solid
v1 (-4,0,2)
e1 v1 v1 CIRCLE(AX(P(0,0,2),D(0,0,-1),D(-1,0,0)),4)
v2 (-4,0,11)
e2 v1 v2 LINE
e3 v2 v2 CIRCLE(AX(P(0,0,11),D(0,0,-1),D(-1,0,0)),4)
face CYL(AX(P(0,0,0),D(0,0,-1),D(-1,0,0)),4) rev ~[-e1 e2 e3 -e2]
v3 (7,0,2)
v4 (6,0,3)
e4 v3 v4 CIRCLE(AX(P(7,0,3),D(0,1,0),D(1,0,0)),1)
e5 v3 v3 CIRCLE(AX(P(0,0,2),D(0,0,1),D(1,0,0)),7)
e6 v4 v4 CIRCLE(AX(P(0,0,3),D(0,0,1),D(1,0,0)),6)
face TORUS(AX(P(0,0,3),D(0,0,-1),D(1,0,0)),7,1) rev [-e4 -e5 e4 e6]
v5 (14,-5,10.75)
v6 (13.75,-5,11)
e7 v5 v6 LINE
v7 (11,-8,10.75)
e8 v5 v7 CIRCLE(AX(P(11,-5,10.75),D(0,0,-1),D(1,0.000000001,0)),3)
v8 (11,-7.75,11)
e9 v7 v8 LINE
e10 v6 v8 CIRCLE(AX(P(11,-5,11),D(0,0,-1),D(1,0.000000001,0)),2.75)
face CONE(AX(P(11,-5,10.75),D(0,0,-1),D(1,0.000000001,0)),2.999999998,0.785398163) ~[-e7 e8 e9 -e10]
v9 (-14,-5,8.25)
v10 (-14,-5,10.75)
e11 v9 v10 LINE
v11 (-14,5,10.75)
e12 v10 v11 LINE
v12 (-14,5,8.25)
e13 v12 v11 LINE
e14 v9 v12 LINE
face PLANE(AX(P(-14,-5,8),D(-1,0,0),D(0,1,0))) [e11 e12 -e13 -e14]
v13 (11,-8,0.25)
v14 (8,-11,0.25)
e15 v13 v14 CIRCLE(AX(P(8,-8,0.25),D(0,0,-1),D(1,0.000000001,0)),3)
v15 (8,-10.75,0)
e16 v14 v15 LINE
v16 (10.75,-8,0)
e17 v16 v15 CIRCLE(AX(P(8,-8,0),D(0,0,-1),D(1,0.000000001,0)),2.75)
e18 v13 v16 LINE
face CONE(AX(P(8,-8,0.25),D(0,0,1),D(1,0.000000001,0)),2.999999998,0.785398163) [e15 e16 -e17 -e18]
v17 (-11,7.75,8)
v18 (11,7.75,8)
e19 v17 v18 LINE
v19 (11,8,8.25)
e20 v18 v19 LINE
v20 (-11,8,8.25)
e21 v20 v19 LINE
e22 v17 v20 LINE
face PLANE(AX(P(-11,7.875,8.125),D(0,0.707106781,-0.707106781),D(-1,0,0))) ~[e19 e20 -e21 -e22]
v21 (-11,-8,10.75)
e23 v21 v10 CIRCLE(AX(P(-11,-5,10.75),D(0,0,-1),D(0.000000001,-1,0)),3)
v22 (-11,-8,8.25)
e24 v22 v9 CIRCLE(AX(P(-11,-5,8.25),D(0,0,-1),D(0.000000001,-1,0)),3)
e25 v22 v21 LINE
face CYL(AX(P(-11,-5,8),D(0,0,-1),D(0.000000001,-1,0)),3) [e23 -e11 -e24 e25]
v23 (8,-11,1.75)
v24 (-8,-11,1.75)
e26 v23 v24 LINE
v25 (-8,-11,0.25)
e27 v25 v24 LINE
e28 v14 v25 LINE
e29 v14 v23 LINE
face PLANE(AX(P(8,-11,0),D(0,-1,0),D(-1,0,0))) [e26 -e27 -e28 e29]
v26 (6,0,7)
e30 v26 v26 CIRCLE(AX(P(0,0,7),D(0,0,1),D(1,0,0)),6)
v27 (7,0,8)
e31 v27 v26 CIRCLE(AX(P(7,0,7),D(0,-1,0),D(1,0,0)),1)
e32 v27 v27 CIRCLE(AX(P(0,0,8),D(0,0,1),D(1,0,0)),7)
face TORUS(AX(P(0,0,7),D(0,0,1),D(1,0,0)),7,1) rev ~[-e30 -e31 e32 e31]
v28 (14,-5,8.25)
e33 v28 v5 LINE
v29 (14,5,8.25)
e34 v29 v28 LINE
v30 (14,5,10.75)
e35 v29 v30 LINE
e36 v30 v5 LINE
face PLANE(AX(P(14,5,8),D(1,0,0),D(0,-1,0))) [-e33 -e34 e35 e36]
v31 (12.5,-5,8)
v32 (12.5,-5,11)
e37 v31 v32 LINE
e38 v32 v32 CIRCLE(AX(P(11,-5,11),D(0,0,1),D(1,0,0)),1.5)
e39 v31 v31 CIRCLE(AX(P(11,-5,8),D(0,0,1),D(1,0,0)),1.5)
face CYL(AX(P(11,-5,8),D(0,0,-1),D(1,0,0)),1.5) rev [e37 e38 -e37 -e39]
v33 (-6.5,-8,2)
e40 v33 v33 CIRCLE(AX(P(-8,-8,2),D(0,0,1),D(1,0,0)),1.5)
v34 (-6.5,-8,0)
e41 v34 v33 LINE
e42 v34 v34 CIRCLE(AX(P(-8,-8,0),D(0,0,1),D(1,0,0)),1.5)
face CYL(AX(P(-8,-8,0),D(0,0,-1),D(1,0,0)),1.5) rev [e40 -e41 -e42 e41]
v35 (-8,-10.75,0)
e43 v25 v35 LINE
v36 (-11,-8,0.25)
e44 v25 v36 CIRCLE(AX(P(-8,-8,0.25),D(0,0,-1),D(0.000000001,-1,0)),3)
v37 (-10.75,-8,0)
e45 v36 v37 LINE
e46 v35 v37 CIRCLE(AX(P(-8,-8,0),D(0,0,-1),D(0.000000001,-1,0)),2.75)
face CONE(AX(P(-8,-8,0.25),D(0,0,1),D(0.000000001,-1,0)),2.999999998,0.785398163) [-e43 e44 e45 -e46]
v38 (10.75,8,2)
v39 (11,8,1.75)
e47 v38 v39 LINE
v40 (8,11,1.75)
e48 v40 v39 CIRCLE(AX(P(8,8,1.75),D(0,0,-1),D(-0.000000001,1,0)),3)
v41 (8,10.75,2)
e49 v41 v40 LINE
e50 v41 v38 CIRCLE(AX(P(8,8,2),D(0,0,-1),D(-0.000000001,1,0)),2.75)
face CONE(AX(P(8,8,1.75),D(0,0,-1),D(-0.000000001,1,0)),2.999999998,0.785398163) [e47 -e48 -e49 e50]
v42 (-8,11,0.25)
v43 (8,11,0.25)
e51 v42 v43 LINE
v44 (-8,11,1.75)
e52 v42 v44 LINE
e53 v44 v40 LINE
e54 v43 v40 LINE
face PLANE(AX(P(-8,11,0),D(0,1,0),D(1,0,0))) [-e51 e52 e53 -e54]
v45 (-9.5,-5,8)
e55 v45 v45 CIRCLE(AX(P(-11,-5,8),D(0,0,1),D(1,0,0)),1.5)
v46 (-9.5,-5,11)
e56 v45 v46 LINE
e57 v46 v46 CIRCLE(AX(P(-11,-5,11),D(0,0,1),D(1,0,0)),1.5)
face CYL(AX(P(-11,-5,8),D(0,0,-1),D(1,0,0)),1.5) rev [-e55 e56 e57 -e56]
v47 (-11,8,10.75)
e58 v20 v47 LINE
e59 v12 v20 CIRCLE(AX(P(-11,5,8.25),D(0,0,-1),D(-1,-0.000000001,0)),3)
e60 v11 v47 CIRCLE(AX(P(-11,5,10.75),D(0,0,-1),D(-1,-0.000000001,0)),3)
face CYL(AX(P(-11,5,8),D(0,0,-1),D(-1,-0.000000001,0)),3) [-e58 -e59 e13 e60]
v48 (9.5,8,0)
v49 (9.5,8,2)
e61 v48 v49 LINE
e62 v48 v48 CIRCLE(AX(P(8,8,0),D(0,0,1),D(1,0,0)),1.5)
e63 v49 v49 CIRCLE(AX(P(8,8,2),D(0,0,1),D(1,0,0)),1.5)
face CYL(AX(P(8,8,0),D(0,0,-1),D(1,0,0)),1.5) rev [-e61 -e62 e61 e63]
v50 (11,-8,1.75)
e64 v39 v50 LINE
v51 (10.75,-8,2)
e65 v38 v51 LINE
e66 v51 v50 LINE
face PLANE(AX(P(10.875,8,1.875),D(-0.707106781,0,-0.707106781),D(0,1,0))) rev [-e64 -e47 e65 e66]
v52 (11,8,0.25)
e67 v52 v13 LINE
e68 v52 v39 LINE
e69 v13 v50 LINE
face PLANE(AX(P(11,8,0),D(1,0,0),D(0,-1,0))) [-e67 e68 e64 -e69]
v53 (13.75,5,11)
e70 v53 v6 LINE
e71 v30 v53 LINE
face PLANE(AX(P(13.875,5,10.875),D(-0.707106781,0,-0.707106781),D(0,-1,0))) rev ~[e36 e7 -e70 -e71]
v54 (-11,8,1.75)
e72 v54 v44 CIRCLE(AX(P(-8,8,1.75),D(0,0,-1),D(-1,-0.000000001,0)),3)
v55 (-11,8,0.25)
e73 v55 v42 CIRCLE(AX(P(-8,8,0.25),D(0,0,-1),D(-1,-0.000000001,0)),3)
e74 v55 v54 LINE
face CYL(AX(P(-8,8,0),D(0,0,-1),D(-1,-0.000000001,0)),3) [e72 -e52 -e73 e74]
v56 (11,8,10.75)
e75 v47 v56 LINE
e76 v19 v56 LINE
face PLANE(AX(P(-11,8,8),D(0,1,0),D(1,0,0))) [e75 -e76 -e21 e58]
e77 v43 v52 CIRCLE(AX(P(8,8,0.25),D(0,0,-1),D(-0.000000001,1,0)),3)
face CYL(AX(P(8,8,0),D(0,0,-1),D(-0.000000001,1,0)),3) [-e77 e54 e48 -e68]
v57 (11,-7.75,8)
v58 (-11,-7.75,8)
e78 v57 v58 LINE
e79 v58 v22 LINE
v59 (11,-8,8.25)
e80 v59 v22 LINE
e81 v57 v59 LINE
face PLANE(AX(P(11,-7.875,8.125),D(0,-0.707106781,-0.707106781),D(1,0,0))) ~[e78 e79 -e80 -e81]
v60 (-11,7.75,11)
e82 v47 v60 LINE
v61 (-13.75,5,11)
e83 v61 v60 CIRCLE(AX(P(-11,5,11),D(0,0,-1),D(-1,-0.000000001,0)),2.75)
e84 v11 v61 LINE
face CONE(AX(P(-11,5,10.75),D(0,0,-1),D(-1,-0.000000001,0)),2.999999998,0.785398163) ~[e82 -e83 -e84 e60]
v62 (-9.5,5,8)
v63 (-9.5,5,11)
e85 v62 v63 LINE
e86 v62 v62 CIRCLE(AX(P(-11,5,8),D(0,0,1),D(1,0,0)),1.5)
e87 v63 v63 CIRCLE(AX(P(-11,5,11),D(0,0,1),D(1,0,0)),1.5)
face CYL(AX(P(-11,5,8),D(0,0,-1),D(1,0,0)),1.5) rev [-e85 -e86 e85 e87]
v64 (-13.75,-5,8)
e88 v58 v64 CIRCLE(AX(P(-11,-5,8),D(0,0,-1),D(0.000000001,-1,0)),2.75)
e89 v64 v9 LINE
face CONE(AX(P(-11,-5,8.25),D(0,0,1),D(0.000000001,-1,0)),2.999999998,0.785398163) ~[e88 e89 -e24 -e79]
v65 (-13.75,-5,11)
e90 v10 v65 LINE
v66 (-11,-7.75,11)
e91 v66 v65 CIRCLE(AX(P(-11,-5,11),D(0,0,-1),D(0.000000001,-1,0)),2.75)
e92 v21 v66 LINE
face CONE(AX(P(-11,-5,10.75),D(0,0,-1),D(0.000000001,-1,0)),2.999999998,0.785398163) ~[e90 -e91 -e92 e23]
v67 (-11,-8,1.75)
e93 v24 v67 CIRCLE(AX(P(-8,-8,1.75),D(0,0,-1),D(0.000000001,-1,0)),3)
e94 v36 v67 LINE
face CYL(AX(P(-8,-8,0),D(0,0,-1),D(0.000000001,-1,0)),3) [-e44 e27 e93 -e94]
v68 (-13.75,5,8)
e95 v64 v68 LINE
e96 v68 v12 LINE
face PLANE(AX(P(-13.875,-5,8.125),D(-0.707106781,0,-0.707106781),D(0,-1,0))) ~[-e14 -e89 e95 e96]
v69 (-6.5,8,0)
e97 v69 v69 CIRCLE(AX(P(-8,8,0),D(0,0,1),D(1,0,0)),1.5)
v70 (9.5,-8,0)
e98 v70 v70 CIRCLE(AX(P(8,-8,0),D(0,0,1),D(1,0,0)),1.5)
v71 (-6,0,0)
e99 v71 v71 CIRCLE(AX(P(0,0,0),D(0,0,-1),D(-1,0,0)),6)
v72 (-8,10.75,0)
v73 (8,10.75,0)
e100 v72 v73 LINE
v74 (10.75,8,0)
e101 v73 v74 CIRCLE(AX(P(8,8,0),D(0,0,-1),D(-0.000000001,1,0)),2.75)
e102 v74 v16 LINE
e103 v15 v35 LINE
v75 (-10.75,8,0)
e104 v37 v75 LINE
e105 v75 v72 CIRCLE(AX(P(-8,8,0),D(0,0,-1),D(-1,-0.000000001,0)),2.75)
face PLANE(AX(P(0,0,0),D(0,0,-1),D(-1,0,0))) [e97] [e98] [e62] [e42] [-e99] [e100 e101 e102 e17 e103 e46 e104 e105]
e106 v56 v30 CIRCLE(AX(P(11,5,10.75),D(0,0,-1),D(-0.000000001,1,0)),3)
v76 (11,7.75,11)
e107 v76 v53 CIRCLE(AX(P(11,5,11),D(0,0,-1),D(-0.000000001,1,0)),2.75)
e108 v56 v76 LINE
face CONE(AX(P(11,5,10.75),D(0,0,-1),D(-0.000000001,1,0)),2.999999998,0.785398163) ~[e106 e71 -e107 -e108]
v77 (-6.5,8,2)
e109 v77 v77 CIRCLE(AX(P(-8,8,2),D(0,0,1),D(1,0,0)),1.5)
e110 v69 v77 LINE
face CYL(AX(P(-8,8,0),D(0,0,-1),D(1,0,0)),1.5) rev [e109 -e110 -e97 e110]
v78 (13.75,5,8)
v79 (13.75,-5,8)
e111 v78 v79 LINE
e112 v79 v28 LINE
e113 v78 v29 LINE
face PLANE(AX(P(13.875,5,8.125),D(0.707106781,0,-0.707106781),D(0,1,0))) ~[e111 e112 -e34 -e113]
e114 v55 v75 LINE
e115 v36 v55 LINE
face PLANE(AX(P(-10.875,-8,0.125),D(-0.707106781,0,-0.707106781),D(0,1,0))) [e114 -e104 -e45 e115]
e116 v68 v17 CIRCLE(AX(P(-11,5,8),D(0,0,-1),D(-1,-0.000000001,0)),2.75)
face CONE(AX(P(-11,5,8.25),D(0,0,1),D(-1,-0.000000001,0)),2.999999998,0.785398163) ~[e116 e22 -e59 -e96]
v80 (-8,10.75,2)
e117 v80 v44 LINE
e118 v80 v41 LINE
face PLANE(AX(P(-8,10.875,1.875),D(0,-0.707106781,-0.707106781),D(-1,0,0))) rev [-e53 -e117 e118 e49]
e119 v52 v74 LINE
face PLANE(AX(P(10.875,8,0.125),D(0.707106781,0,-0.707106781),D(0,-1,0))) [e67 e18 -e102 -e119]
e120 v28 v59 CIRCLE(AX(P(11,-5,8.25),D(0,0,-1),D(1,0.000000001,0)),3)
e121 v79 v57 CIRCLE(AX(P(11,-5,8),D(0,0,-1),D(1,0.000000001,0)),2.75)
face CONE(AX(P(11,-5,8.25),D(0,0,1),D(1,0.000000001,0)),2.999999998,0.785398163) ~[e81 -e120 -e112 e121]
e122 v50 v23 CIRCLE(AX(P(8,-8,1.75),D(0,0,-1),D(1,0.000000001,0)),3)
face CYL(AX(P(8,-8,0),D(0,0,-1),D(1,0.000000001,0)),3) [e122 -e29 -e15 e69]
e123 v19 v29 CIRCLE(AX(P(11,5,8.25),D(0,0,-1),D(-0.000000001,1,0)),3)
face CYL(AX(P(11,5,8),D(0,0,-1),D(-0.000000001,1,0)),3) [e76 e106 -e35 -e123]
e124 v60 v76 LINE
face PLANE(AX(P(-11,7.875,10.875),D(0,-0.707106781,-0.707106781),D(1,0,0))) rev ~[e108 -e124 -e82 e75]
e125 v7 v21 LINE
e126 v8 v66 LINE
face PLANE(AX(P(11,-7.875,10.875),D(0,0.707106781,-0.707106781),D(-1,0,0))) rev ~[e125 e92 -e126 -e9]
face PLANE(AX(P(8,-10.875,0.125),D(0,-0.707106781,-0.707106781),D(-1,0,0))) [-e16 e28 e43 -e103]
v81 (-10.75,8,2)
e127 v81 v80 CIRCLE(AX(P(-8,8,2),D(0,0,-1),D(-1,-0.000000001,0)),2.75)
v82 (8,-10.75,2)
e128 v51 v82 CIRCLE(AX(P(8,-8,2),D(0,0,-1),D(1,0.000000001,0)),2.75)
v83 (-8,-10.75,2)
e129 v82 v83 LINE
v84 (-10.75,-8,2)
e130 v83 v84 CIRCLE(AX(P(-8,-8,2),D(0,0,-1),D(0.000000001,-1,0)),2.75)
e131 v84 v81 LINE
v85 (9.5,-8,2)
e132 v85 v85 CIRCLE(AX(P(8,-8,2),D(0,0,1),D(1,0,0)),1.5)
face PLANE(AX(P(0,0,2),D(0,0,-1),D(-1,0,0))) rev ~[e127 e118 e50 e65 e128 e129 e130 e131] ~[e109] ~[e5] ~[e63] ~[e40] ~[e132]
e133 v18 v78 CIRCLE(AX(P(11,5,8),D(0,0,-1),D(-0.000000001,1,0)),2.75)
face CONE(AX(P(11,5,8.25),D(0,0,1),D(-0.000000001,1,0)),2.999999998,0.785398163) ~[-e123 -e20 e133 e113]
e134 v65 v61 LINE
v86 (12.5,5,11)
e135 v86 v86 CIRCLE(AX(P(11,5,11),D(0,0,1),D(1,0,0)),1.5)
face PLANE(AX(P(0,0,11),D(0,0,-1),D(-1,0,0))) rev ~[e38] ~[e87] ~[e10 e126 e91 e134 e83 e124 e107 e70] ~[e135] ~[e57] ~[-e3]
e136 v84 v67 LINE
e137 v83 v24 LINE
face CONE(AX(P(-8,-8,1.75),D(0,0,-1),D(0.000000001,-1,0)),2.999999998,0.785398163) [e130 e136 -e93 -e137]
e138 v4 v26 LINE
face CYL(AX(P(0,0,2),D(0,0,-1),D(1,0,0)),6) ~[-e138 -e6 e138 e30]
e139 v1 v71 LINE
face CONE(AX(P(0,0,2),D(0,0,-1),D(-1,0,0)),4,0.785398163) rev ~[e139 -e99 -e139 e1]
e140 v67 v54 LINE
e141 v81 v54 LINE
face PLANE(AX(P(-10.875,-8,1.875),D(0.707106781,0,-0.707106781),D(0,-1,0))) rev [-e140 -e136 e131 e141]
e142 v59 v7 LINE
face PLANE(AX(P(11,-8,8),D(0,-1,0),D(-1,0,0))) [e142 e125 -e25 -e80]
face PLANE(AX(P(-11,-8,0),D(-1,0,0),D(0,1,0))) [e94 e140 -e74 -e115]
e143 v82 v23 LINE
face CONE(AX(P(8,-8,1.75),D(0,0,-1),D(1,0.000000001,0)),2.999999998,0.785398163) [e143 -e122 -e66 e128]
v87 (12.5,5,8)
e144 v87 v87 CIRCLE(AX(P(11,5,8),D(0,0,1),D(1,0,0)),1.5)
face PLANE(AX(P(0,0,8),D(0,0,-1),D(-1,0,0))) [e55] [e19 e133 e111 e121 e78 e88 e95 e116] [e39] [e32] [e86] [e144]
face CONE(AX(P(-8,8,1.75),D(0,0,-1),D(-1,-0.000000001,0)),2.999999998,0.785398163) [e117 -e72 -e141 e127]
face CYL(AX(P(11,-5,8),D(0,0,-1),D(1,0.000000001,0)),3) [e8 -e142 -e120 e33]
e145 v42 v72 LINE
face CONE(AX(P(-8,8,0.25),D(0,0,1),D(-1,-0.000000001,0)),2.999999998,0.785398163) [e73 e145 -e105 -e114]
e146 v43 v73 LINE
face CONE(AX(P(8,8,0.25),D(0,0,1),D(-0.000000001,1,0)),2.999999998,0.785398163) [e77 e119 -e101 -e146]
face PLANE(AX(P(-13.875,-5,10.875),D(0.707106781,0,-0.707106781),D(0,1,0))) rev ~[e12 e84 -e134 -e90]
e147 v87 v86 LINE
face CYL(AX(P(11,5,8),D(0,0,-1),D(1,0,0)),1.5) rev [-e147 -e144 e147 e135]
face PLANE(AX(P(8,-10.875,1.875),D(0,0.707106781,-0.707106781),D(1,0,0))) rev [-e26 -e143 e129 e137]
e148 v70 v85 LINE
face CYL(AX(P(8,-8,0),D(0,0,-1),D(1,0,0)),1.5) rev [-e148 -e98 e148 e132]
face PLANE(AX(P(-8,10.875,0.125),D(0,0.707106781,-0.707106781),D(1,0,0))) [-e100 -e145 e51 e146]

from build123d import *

# Parameters (mm, degrees)
SKETCH1_R           = 1.5
BOSS_EXTRUDE1_DEPTH = 2
SKETCH2_R           = 6
BOSS_EXTRUDE2_DEPTH = 6
SKETCH3_R           = 1.5
BOSS_EXTRUDE3_DEPTH = 3
SKETCH4_R           = 4
CUT_EXTRUDE1_DEPTH  = 21.928449536
CHAMFER1_SIZE       = 2
FILLET1_R           = 1
CHAMFER2_SIZE       = 0.25


with BuildPart() as part:
    # Sketch1 → Boss-Extrude1 (new body)
    with BuildSketch(Plane.XY):
        with BuildLine():
            Line((8, -11), (-8, -11))
            ThreePointArc((-8, -11), (-10.121320344, -10.121320344), (-11, -8))
            Line((-11, -8), (-11, 8))
            ThreePointArc((-11, 8), (-10.121320344, 10.121320344), (-8, 11))
            Line((-8, 11), (8, 11))
            ThreePointArc((8, 11), (10.121320344, 10.121320344), (11, 8))
            Line((11, 8), (11, -8))
            ThreePointArc((11, -8), (10.121320344, -10.121320344), (8, -11))
        make_face()
        with Locations((-8, 8)):
            Circle(SKETCH1_R, mode=Mode.SUBTRACT)
        with Locations((8, 8)):
            Circle(SKETCH1_R, mode=Mode.SUBTRACT)
        with Locations((8, -8)):
            Circle(SKETCH1_R, mode=Mode.SUBTRACT)
        with Locations((-8, -8)):
            Circle(SKETCH1_R, mode=Mode.SUBTRACT)
    extrude(amount=BOSS_EXTRUDE1_DEPTH)

    # Sketch2 → Boss-Extrude2 (add)
    with BuildSketch(Plane.XY.offset(2)):
        Circle(SKETCH2_R)
    extrude(amount=BOSS_EXTRUDE2_DEPTH)

    # Sketch3 → Boss-Extrude3 (add)
    with BuildSketch(Plane.XY.offset(8)):
        with BuildLine():
            Line((11, -8), (-11, -8))
            ThreePointArc((-11, -8), (-13.121320344, -7.121320344), (-14, -5))
            Line((-14, -5), (-14, 5))
            ThreePointArc((-14, 5), (-13.121320344, 7.121320344), (-11, 8))
            Line((-11, 8), (11, 8))
            ThreePointArc((11, 8), (13.121320344, 7.121320344), (14, 5))
            Line((14, 5), (14, -5))
            ThreePointArc((14, -5), (13.121320344, -7.121320344), (11, -8))
        make_face()
        with Locations((-11, 5)):
            Circle(SKETCH3_R, mode=Mode.SUBTRACT)
        with Locations((11, 5)):
            Circle(SKETCH3_R, mode=Mode.SUBTRACT)
        with Locations((11, -5)):
            Circle(SKETCH3_R, mode=Mode.SUBTRACT)
        with Locations((-11, -5)):
            Circle(SKETCH3_R, mode=Mode.SUBTRACT)
    extrude(amount=BOSS_EXTRUDE3_DEPTH)

    # Sketch4 → Cut-Extrude1 (cut, through all)
    with BuildSketch(Plane(origin=(0, 0, 0), x_dir=(-1, 0, 0), z_dir=(0, 0, -1))):
        Circle(SKETCH4_R)
    extrude(amount=-CUT_EXTRUDE1_DEPTH, mode=Mode.SUBTRACT)

    # Chamfer1
    chamfer1_edges = [part.edges().sort_by_distance(p)[0] for p in [
        (4, 0, 0),
    ]]
    chamfer(chamfer1_edges, length=CHAMFER1_SIZE)

    # Fillet1
    fillet1_edges = [part.edges().sort_by_distance(p)[0] for p in [
        (-6, 0, 2),
        (-6, 0, 8),
    ]]
    fillet(fillet1_edges, radius=FILLET1_R)

    # Chamfer2
    chamfer2_edges = [part.edges().sort_by_distance(p)[0] for p in [
        (-11, 0, 0),
        (-10.121320344, 10.121320344, 0),
        (0, 11, 0),
        (10.121320344, 10.121320344, 0),
        (-10.121320344, 10.121320344, 2),
        (-11, 0, 2),
        (-10.121320344, -10.121320344, 2),
        (0, -11, 2),
        (10.121320344, -10.121320344, 2),
        (11, 0, 2),
        (-13.121320344, -7.121320344, 11),
        (0, -8, 11),
        (13.121320344, -7.121320344, 11),
        (14, 0, 11),
        (13.121320344, 7.121320344, 11),
        (0, 8, 11),
        (-13.121320344, 7.121320344, 11),
        (-14, 0, 11),
        (10.121320344, 10.121320344, 2),
        (-13.121320344, -7.121320344, 8),
        (0, -8, 8),
        (13.121320344, -7.121320344, 8),
        (14, 0, 8),
        (13.121320344, 7.121320344, 8),
        (0, 8, 8),
        (-13.121320344, 7.121320344, 8),
        (-14, 0, 8),
        (11, 0, 0),
        (0, 11, 2),
        (10.121320344, -10.121320344, 0),
        (0, -11, 0),
        (-10.121320344, -10.121320344, 0),
    ]]
    chamfer(chamfer2_edges, length=CHAMFER2_SIZE)


solid = part.part
